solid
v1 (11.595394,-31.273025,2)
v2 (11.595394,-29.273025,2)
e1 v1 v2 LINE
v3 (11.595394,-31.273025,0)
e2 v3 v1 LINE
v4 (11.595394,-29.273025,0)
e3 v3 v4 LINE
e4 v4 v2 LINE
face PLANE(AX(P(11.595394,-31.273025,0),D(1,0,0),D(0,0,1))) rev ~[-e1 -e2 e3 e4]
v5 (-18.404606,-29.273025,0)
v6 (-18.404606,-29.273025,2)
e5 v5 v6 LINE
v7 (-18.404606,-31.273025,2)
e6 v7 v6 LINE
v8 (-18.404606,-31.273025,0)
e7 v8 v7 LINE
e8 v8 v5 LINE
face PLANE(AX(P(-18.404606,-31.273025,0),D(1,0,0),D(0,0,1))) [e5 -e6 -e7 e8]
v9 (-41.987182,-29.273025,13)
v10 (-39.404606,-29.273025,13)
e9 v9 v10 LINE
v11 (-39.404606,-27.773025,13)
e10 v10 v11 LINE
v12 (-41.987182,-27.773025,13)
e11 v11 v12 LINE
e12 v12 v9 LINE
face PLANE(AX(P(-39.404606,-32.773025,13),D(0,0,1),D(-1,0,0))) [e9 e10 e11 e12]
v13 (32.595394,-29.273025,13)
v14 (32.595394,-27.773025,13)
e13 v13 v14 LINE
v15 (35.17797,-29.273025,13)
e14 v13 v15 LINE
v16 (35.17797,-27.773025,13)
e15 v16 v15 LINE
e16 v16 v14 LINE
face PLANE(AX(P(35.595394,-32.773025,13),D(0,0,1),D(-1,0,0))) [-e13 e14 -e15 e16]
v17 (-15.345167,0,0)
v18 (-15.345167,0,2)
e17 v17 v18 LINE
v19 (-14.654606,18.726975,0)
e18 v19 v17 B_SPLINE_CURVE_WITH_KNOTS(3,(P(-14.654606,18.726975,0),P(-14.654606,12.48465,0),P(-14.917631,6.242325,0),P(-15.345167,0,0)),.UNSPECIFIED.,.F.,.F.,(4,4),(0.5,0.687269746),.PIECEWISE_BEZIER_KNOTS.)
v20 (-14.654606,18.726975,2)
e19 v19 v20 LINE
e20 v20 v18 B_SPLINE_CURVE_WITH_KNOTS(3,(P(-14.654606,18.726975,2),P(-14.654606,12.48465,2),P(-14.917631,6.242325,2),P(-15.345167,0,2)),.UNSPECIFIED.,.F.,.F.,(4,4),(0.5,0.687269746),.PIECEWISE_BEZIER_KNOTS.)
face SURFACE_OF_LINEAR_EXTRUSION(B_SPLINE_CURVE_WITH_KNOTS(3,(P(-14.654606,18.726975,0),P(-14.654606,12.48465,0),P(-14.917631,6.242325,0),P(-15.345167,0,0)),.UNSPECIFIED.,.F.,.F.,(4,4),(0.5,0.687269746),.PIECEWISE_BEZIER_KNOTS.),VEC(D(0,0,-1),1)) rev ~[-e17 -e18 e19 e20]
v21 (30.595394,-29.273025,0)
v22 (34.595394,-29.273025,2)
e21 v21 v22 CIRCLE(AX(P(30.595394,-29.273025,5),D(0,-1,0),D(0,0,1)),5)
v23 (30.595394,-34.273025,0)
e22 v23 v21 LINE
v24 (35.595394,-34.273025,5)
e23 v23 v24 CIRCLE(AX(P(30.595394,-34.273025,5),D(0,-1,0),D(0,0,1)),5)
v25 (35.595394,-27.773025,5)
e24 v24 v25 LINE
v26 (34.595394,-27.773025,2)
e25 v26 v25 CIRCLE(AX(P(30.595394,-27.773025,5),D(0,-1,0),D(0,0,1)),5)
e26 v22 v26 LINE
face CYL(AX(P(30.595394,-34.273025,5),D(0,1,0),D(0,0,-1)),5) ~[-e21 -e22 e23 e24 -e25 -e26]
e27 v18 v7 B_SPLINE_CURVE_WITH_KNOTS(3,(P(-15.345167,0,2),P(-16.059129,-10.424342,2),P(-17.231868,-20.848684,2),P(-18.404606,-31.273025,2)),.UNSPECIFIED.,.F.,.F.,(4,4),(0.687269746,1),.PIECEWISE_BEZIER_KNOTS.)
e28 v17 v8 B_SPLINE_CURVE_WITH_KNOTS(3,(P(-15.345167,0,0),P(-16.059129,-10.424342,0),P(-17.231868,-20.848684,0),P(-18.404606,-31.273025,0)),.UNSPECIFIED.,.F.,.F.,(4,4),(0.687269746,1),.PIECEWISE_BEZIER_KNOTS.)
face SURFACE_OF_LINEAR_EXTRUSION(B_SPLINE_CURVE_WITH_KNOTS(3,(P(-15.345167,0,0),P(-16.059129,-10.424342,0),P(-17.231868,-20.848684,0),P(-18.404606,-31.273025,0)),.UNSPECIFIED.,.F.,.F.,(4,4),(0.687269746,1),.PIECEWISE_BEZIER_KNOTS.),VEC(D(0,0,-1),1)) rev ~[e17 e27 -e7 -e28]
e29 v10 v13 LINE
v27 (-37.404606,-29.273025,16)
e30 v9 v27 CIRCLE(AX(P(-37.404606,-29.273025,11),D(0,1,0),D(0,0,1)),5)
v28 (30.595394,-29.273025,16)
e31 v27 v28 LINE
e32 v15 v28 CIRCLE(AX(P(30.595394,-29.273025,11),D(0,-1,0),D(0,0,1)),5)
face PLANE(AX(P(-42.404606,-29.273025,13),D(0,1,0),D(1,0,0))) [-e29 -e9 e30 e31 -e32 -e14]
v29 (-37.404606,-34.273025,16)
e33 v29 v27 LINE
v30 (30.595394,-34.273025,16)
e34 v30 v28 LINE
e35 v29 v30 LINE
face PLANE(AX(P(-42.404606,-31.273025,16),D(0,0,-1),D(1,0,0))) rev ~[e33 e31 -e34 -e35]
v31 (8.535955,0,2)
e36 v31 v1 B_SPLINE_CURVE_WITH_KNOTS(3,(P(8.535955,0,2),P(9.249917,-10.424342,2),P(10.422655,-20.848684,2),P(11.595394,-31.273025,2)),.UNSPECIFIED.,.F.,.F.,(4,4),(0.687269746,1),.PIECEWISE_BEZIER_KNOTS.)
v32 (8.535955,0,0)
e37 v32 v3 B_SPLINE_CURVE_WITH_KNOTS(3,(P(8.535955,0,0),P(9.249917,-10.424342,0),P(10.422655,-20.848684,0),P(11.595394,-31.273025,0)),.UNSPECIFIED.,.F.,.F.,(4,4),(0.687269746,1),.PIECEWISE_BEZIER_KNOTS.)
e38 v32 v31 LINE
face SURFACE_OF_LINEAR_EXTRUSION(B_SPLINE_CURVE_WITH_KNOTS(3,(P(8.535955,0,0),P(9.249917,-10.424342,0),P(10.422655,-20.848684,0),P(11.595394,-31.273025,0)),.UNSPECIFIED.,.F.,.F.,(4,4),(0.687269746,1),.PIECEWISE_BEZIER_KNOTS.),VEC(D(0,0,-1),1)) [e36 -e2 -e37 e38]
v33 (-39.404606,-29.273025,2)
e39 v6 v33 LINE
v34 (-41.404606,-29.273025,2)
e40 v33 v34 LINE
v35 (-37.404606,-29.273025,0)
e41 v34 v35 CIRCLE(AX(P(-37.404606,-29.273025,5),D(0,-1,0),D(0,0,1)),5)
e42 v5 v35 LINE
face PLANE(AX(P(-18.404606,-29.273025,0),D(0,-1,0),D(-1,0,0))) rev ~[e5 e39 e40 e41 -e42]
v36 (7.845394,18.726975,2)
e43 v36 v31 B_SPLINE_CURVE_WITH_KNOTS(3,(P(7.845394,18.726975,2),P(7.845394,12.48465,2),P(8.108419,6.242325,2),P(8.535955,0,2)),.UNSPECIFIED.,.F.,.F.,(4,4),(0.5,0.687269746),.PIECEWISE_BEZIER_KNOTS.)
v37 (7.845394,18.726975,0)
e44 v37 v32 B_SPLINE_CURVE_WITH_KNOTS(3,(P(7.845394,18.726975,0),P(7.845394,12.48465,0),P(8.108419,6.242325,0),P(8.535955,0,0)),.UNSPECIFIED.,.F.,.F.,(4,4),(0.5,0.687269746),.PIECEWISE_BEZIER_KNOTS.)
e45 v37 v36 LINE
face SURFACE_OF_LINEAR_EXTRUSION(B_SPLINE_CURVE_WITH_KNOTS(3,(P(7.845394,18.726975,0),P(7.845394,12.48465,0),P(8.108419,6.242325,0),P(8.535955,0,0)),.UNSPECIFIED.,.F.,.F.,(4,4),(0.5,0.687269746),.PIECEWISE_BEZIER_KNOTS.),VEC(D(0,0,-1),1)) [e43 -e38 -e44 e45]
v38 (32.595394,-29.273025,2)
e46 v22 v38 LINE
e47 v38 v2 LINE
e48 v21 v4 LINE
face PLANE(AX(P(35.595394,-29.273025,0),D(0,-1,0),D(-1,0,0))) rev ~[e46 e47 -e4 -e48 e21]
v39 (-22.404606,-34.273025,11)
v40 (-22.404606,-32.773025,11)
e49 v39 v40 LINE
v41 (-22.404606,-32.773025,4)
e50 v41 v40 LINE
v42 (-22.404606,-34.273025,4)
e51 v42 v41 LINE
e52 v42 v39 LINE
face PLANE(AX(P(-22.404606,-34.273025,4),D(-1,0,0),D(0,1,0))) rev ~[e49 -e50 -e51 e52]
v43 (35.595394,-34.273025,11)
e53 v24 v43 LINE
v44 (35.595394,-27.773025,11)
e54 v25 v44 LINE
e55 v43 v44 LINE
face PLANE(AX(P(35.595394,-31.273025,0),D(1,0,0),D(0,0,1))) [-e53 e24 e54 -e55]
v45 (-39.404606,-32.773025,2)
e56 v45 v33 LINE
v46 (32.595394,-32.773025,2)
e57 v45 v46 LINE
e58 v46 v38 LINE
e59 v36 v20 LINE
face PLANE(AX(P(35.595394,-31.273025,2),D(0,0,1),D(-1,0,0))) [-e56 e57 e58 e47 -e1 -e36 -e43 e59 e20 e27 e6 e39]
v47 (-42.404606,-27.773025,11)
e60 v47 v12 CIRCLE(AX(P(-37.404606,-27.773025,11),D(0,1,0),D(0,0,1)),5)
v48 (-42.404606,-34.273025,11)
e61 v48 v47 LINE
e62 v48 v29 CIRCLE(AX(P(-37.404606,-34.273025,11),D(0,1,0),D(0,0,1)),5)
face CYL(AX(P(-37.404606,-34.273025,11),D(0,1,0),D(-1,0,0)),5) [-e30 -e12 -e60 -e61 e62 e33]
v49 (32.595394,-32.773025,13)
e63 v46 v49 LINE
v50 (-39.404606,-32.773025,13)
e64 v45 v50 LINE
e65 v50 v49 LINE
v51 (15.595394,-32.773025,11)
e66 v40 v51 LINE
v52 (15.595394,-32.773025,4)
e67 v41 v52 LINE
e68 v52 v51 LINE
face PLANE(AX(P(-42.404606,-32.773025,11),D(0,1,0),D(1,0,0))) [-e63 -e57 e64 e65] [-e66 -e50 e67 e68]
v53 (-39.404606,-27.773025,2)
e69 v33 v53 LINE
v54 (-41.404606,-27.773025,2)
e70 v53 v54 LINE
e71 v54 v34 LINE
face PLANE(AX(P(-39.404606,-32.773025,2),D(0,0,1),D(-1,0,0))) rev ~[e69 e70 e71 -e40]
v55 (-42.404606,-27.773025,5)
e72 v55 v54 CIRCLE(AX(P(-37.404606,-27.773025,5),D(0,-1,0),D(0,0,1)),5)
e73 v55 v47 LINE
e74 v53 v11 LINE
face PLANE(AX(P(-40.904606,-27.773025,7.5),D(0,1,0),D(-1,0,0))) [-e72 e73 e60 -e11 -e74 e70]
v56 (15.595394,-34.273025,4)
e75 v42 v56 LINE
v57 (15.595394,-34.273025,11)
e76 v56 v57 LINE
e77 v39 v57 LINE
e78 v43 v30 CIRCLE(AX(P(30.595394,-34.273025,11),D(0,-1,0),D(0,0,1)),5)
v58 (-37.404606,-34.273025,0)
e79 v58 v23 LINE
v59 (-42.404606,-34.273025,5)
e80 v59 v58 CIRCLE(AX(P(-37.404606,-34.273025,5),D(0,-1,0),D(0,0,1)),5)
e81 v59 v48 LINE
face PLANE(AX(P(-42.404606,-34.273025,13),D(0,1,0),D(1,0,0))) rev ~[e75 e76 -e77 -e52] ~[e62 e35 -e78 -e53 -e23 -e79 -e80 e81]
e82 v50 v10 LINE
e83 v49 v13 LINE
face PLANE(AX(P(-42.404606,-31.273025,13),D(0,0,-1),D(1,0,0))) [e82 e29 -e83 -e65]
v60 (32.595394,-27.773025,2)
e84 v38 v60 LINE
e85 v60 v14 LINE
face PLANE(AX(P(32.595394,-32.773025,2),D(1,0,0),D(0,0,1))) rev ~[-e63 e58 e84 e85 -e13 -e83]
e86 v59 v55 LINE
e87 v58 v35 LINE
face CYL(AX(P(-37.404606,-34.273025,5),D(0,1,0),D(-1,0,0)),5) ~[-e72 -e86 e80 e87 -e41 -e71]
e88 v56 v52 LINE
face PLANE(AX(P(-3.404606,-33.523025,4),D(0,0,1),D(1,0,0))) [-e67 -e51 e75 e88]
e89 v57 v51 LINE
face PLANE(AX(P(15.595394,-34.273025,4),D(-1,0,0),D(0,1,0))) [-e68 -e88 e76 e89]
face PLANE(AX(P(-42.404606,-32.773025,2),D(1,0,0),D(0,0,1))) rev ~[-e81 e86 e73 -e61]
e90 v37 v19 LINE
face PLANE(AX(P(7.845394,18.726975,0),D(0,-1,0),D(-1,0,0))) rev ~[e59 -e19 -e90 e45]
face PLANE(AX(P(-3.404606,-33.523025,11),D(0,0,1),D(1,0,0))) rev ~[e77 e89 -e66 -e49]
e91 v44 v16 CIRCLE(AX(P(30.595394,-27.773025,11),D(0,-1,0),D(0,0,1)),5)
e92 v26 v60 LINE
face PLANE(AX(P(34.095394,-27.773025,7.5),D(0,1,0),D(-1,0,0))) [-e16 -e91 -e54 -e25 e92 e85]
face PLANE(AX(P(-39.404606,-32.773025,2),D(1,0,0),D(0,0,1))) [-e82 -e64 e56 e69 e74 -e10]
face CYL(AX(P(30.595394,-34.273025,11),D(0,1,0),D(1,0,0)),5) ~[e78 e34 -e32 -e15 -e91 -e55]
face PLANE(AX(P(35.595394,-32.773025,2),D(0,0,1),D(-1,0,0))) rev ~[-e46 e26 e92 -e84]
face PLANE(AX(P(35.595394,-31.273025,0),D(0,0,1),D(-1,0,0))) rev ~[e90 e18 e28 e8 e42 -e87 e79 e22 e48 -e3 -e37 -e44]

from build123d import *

# Parameters (mm, degrees)
F1_DEPTH  = 2
F2_W      = 78
F2_H      = 1.5
F3_DEPTH  = 2
F4_W      = 20
F4_H      = 1.5
F5_DEPTH  = 7
F6_W      = 78
F6_H      = 1.5
F7_DEPTH  = 2
F8_W      = 78
F8_H      = 3
F9_DEPTH  = 3
F10_DEPTH = 2
F11_DEPTH = 2
F12_W     = 3
F12_H     = 11
F13_DEPTH = 5
F14_R     = 5


with BuildPart() as f1:
    # F0 (on Top) → F1 (new body)
    with BuildSketch(Plane.XY):
        with BuildLine():
            Line((7.8453938663, 18.7269745824), (-14.6546061337, 18.7269745824))
            add(Edge.make_bspline(
                [(-14.6546061337, 18.7269745824), (-14.6546061337, 12.4846497216), (-14.9176308165, 6.2423248608), (-15.345167051, 0)],
                knots=[0.5, 0.5, 0.5, 0.5, 0.6872697458, 0.6872697458, 0.6872697458, 0.6872697458], degree=3))
            Line((-15.345167051, 0), (8.5359547836, 0))
            add(Edge.make_bspline(
                [(7.8453938663, 18.7269745824), (7.8453938663, 12.4846497216), (8.1084185491, 6.2423248608), (8.5359547836, 0)],
                knots=[0.5, 0.5, 0.5, 0.5, 0.6872697458, 0.6872697458, 0.6872697458, 0.6872697458], degree=3))
        make_face()
        Polygon((11.5953938663, -31.2730254176), (-18.4046061337, -31.2730254176), (-42.4046061337, -31.2730254176), (-42.4046061337, -34.2730254176), (35.5953938663, -34.2730254176), (35.5953938663, -31.2730254176), align=None)
        with BuildLine():
            Line((8.5359547836, 0), (-15.345167051, 0))
            add(Edge.make_bspline(
                [(-15.345167051, 0), (-16.0591292274, -10.4243418059), (-17.2318676805, -20.8486836117), (-18.4046061337, -31.2730254176)],
                knots=[0.6872697458, 0.6872697458, 0.6872697458, 0.6872697458, 1, 1, 1, 1], degree=3))
            Line((-18.4046061337, -31.2730254176), (11.5953938663, -31.2730254176))
            add(Edge.make_bspline(
                [(8.5359547836, 0), (9.24991696, -10.4243418059), (10.4226554131, -20.8486836117), (11.5953938663, -31.2730254176)],
                knots=[0.6872697458, 0.6872697458, 0.6872697458, 0.6872697458, 1, 1, 1, 1], degree=3))
        make_face()
    extrude(amount=F1_DEPTH)

    # F2 (on face) → F3 (join)
    with BuildSketch(Plane.XY.offset(2)):
        with Locations((-3.4046061337, -33.5230254176)):
            Rectangle(F2_W, F2_H)
    extrude(amount=F3_DEPTH)

    # F4 (on face) → F5 (join)
    with BuildSketch(Plane.XY.offset(4)):
        with Locations((-32.4046061337, -33.5230254176)):
            Rectangle(F4_W, F4_H)
        with Locations((25.5953938663, -33.5230254176)):
            Rectangle(F4_W, F4_H)
    extrude(amount=F5_DEPTH)

    # F6 (on face) → F7 (join)
    with BuildSketch(Plane.XY.offset(11)):
        with Locations((-3.4046061337, -33.5230254176)):
            Rectangle(F6_W, F6_H)
    extrude(amount=F7_DEPTH)

    # F8 (on face) → F9 (join)
    with BuildSketch(Plane.XY.offset(13)):
        with Locations((-3.4046061337, -32.7730254176)):
            Rectangle(F8_W, F8_H)
    extrude(amount=F9_DEPTH)

    # F10 (add): a face of the model
    f10_faces = [f1.faces().sort_by_distance(p)[0] for p in [
        (-3.4046061337, -31.2730254176, 14.5),
    ]]
    extrude(f10_faces, amount=F10_DEPTH)

    # F11 (add): faces of the model
    f11_faces = [f1.faces().sort_by_distance(p)[0] for p in [
        (23.5953938663, -31.2730254176, 1),
        (-30.4046061337, -31.2730254176, 1),
    ]]
    extrude(f11_faces, amount=F11_DEPTH)

    # F12 (on face) → F13 (join)
    with BuildSketch(Plane(origin=(0, -32.7730254176, 0), x_dir=(-1, 0, 0), z_dir=(0, 1, 0))):
        with Locations((40.9046061337, 7.5)):
            Rectangle(F12_W, F12_H)
        with Locations((-34.0953938663, 7.5)):
            Rectangle(F12_W, F12_H)
    extrude(amount=F13_DEPTH)

    # F14
    f14_edges = [f1.edges().sort_by_distance(p)[0] for p in [
        (35.595394, -31.773025, 16),
        (35.595394, -31.773025, 0),
        (-42.404606, -31.773025, 0),
        (-42.404606, -31.773025, 16),
    ]]
    fillet(f14_edges, radius=F14_R)


solid = f1.part
